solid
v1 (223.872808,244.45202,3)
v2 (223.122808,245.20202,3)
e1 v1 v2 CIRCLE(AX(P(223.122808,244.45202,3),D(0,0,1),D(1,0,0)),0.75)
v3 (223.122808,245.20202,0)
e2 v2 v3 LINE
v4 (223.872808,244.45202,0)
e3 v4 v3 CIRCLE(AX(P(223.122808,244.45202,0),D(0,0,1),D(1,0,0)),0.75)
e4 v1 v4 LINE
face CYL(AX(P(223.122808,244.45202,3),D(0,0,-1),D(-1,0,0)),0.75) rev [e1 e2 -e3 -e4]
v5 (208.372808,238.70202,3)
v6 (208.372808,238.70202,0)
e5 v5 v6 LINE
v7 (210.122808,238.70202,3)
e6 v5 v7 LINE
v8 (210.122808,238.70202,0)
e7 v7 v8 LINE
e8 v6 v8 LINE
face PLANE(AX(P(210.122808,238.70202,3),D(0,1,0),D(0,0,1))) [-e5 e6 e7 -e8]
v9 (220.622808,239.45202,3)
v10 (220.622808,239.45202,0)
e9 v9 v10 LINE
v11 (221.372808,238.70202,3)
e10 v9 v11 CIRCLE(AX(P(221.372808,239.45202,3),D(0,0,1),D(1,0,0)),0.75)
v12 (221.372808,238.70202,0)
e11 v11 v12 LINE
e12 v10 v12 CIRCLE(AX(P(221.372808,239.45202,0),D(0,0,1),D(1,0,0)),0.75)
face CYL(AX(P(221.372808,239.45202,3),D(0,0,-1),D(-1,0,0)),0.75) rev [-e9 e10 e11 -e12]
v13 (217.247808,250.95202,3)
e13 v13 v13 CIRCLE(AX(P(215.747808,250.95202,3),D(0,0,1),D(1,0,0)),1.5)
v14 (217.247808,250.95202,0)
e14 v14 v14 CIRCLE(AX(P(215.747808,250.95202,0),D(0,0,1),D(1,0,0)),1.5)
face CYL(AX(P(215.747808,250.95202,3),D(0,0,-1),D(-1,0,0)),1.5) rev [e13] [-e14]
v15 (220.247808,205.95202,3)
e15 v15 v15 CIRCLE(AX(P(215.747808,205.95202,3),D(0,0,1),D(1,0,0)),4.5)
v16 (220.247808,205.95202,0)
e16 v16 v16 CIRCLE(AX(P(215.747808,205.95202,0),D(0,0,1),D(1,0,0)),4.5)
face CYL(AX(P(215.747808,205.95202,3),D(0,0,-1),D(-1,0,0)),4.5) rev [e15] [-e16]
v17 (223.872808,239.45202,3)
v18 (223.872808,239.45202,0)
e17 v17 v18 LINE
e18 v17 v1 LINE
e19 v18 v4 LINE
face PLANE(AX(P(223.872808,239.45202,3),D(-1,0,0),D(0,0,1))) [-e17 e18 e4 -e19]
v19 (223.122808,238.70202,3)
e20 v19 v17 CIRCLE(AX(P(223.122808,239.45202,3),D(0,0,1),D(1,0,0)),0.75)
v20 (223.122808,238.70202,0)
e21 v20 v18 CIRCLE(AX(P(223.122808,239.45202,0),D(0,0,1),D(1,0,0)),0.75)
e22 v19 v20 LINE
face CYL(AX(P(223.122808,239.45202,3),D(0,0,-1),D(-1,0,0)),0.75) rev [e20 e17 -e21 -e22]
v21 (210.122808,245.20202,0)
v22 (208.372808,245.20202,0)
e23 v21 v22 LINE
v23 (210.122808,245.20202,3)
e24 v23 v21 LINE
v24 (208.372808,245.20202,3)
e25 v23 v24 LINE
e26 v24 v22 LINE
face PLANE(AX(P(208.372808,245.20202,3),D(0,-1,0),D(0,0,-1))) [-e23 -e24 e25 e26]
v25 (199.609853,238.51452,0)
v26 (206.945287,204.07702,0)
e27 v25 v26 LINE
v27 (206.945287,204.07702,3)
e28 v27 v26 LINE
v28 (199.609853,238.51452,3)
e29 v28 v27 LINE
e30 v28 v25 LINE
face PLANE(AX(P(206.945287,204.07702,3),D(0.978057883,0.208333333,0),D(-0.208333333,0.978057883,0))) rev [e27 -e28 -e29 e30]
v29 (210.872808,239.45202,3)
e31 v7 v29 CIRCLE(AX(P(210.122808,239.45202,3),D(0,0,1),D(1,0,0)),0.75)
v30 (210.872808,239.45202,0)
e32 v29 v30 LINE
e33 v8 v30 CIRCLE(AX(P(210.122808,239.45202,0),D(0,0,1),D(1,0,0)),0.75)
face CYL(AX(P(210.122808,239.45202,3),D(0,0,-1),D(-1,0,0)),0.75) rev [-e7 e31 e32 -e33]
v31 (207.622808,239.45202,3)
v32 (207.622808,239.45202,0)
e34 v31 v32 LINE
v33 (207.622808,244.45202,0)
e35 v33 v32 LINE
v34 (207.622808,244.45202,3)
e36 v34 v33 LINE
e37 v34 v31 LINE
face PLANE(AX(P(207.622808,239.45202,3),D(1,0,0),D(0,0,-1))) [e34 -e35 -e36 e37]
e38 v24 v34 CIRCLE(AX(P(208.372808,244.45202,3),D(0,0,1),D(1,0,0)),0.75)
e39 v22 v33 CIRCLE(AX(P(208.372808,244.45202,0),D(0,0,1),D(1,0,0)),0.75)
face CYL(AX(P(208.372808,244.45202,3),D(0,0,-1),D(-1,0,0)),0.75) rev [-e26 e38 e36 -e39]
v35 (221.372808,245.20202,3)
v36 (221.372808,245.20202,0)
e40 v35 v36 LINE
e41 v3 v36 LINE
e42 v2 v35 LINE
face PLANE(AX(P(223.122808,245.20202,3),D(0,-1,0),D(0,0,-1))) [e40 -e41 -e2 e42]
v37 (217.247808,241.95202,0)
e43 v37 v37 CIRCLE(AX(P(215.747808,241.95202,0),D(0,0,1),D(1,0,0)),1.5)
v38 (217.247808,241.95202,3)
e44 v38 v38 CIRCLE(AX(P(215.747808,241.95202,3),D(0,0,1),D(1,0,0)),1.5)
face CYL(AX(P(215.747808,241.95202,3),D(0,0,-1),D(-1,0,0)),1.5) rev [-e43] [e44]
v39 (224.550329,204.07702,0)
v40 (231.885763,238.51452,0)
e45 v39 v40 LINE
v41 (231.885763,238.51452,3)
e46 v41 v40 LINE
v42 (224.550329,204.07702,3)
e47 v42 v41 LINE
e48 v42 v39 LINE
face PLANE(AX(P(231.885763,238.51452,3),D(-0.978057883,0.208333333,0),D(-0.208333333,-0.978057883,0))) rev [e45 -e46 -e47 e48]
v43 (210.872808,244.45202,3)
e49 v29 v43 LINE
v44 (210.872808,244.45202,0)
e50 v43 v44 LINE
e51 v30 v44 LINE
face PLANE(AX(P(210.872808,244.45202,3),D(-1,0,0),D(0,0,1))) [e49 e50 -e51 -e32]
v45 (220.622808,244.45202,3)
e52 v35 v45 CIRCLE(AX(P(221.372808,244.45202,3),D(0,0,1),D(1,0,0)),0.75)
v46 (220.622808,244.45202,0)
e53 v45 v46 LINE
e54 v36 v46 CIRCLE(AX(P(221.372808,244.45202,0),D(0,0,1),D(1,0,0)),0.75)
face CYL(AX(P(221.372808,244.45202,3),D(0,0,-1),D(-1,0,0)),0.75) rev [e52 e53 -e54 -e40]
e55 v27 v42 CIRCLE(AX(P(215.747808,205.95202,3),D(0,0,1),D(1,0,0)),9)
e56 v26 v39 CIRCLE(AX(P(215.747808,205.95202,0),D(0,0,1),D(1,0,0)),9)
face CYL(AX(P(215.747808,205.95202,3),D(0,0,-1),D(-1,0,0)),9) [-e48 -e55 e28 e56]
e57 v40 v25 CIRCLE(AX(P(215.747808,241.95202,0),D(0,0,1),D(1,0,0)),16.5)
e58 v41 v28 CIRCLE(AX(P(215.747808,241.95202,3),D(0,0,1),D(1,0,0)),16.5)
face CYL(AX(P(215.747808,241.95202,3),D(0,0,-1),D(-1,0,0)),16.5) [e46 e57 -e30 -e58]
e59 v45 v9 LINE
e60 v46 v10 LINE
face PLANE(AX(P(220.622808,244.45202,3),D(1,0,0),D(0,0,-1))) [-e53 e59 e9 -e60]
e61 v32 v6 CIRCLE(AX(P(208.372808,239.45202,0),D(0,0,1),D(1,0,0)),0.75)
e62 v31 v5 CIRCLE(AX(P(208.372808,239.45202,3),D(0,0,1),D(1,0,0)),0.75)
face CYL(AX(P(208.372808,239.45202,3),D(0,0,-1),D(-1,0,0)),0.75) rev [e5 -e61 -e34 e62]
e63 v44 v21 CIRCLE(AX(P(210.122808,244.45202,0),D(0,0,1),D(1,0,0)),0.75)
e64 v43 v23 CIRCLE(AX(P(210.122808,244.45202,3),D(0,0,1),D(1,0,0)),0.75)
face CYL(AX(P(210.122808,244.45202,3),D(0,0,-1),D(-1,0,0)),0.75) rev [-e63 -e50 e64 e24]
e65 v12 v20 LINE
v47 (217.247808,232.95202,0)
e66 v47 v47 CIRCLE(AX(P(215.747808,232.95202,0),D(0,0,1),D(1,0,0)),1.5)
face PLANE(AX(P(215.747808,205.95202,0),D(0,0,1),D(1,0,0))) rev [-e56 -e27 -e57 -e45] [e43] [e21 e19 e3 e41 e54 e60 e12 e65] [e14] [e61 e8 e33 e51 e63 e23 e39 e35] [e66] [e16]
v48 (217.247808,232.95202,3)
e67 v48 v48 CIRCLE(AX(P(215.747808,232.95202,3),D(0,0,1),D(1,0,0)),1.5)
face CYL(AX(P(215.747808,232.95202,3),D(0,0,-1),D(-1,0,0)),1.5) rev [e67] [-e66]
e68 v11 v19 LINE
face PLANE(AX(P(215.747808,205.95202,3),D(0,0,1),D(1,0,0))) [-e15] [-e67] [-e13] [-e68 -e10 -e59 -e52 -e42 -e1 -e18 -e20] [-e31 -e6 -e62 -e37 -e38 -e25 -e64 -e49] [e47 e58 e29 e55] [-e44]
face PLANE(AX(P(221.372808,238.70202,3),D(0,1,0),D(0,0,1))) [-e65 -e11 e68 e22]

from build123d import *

# Parameters (mm, degrees)
MODEL_R                 = 1.5
MODEL_R_2               = 4.5
SALIENTE_EXTRUIR1_DEPTH = 3


with BuildPart() as part:
    # Model → Saliente-Extruir1 (new body)
    with BuildSketch(Plane.XY):
        with BuildLine():
            Line((206.945286968, 204.077019993), (199.609852846, 238.514519993))
            ThreePointArc((199.609852846, 238.514519993), (215.747807914, 258.452019993), (231.885762981, 238.514519993))
            Line((231.885762981, 238.514519993), (224.550328859, 204.077019993))
            ThreePointArc((224.550328859, 204.077019993), (215.747807914, 196.952019993), (206.945286968, 204.077019993))
        make_face()
        with Locations((215.747807914, 241.952019993)):
            Circle(MODEL_R, mode=Mode.SUBTRACT)
        with Locations((215.747807914, 232.952019993)):
            Circle(MODEL_R, mode=Mode.SUBTRACT)
        with Locations((215.747807914, 250.952019993)):
            Circle(MODEL_R, mode=Mode.SUBTRACT)
        with Locations((215.747807914, 205.952019993)):
            Circle(MODEL_R_2, mode=Mode.SUBTRACT)
        with BuildLine():
            Line((223.122807913, 245.202019993), (221.372807913, 245.202019993))
            ThreePointArc((221.372807913, 245.202019993), (220.842477828, 244.982350079), (220.622807913, 244.452019993))
            Line((220.622807913, 244.452019993), (220.622807913, 239.452019993))
            ThreePointArc((220.622807913, 239.452019993), (220.842477828, 238.921689907), (221.372807913, 238.702019993))
            Line((221.372807913, 238.702019993), (223.122807913, 238.702019993))
            ThreePointArc((223.122807913, 238.702019993), (223.653137999, 238.921689907), (223.872807913, 239.452019993))
            Line((223.872807913, 239.452019993), (223.872807913, 244.452019993))
            ThreePointArc((223.872807913, 244.452019993), (223.653137999, 244.982350079), (223.122807913, 245.202019993))
        make_face(mode=Mode.SUBTRACT)
        with BuildLine():
            Line((208.372807913, 245.202019993), (210.122807913, 245.202019993))
            ThreePointArc((210.122807913, 245.202019993), (210.653137999, 244.982350079), (210.872807913, 244.452019993))
            Line((210.872807913, 244.452019993), (210.872807913, 239.452019993))
            ThreePointArc((210.872807913, 239.452019993), (210.653137999, 238.921689907), (210.122807913, 238.702019993))
            Line((210.122807913, 238.702019993), (208.372807913, 238.702019993))
            ThreePointArc((208.372807913, 238.702019993), (207.842477828, 238.921689907), (207.622807913, 239.452019993))
            Line((207.622807913, 239.452019993), (207.622807913, 244.452019993))
            ThreePointArc((207.622807913, 244.452019993), (207.842477828, 244.982350079), (208.372807913, 245.202019993))
        make_face(mode=Mode.SUBTRACT)
    extrude(amount=SALIENTE_EXTRUIR1_DEPTH)


solid = part.part
